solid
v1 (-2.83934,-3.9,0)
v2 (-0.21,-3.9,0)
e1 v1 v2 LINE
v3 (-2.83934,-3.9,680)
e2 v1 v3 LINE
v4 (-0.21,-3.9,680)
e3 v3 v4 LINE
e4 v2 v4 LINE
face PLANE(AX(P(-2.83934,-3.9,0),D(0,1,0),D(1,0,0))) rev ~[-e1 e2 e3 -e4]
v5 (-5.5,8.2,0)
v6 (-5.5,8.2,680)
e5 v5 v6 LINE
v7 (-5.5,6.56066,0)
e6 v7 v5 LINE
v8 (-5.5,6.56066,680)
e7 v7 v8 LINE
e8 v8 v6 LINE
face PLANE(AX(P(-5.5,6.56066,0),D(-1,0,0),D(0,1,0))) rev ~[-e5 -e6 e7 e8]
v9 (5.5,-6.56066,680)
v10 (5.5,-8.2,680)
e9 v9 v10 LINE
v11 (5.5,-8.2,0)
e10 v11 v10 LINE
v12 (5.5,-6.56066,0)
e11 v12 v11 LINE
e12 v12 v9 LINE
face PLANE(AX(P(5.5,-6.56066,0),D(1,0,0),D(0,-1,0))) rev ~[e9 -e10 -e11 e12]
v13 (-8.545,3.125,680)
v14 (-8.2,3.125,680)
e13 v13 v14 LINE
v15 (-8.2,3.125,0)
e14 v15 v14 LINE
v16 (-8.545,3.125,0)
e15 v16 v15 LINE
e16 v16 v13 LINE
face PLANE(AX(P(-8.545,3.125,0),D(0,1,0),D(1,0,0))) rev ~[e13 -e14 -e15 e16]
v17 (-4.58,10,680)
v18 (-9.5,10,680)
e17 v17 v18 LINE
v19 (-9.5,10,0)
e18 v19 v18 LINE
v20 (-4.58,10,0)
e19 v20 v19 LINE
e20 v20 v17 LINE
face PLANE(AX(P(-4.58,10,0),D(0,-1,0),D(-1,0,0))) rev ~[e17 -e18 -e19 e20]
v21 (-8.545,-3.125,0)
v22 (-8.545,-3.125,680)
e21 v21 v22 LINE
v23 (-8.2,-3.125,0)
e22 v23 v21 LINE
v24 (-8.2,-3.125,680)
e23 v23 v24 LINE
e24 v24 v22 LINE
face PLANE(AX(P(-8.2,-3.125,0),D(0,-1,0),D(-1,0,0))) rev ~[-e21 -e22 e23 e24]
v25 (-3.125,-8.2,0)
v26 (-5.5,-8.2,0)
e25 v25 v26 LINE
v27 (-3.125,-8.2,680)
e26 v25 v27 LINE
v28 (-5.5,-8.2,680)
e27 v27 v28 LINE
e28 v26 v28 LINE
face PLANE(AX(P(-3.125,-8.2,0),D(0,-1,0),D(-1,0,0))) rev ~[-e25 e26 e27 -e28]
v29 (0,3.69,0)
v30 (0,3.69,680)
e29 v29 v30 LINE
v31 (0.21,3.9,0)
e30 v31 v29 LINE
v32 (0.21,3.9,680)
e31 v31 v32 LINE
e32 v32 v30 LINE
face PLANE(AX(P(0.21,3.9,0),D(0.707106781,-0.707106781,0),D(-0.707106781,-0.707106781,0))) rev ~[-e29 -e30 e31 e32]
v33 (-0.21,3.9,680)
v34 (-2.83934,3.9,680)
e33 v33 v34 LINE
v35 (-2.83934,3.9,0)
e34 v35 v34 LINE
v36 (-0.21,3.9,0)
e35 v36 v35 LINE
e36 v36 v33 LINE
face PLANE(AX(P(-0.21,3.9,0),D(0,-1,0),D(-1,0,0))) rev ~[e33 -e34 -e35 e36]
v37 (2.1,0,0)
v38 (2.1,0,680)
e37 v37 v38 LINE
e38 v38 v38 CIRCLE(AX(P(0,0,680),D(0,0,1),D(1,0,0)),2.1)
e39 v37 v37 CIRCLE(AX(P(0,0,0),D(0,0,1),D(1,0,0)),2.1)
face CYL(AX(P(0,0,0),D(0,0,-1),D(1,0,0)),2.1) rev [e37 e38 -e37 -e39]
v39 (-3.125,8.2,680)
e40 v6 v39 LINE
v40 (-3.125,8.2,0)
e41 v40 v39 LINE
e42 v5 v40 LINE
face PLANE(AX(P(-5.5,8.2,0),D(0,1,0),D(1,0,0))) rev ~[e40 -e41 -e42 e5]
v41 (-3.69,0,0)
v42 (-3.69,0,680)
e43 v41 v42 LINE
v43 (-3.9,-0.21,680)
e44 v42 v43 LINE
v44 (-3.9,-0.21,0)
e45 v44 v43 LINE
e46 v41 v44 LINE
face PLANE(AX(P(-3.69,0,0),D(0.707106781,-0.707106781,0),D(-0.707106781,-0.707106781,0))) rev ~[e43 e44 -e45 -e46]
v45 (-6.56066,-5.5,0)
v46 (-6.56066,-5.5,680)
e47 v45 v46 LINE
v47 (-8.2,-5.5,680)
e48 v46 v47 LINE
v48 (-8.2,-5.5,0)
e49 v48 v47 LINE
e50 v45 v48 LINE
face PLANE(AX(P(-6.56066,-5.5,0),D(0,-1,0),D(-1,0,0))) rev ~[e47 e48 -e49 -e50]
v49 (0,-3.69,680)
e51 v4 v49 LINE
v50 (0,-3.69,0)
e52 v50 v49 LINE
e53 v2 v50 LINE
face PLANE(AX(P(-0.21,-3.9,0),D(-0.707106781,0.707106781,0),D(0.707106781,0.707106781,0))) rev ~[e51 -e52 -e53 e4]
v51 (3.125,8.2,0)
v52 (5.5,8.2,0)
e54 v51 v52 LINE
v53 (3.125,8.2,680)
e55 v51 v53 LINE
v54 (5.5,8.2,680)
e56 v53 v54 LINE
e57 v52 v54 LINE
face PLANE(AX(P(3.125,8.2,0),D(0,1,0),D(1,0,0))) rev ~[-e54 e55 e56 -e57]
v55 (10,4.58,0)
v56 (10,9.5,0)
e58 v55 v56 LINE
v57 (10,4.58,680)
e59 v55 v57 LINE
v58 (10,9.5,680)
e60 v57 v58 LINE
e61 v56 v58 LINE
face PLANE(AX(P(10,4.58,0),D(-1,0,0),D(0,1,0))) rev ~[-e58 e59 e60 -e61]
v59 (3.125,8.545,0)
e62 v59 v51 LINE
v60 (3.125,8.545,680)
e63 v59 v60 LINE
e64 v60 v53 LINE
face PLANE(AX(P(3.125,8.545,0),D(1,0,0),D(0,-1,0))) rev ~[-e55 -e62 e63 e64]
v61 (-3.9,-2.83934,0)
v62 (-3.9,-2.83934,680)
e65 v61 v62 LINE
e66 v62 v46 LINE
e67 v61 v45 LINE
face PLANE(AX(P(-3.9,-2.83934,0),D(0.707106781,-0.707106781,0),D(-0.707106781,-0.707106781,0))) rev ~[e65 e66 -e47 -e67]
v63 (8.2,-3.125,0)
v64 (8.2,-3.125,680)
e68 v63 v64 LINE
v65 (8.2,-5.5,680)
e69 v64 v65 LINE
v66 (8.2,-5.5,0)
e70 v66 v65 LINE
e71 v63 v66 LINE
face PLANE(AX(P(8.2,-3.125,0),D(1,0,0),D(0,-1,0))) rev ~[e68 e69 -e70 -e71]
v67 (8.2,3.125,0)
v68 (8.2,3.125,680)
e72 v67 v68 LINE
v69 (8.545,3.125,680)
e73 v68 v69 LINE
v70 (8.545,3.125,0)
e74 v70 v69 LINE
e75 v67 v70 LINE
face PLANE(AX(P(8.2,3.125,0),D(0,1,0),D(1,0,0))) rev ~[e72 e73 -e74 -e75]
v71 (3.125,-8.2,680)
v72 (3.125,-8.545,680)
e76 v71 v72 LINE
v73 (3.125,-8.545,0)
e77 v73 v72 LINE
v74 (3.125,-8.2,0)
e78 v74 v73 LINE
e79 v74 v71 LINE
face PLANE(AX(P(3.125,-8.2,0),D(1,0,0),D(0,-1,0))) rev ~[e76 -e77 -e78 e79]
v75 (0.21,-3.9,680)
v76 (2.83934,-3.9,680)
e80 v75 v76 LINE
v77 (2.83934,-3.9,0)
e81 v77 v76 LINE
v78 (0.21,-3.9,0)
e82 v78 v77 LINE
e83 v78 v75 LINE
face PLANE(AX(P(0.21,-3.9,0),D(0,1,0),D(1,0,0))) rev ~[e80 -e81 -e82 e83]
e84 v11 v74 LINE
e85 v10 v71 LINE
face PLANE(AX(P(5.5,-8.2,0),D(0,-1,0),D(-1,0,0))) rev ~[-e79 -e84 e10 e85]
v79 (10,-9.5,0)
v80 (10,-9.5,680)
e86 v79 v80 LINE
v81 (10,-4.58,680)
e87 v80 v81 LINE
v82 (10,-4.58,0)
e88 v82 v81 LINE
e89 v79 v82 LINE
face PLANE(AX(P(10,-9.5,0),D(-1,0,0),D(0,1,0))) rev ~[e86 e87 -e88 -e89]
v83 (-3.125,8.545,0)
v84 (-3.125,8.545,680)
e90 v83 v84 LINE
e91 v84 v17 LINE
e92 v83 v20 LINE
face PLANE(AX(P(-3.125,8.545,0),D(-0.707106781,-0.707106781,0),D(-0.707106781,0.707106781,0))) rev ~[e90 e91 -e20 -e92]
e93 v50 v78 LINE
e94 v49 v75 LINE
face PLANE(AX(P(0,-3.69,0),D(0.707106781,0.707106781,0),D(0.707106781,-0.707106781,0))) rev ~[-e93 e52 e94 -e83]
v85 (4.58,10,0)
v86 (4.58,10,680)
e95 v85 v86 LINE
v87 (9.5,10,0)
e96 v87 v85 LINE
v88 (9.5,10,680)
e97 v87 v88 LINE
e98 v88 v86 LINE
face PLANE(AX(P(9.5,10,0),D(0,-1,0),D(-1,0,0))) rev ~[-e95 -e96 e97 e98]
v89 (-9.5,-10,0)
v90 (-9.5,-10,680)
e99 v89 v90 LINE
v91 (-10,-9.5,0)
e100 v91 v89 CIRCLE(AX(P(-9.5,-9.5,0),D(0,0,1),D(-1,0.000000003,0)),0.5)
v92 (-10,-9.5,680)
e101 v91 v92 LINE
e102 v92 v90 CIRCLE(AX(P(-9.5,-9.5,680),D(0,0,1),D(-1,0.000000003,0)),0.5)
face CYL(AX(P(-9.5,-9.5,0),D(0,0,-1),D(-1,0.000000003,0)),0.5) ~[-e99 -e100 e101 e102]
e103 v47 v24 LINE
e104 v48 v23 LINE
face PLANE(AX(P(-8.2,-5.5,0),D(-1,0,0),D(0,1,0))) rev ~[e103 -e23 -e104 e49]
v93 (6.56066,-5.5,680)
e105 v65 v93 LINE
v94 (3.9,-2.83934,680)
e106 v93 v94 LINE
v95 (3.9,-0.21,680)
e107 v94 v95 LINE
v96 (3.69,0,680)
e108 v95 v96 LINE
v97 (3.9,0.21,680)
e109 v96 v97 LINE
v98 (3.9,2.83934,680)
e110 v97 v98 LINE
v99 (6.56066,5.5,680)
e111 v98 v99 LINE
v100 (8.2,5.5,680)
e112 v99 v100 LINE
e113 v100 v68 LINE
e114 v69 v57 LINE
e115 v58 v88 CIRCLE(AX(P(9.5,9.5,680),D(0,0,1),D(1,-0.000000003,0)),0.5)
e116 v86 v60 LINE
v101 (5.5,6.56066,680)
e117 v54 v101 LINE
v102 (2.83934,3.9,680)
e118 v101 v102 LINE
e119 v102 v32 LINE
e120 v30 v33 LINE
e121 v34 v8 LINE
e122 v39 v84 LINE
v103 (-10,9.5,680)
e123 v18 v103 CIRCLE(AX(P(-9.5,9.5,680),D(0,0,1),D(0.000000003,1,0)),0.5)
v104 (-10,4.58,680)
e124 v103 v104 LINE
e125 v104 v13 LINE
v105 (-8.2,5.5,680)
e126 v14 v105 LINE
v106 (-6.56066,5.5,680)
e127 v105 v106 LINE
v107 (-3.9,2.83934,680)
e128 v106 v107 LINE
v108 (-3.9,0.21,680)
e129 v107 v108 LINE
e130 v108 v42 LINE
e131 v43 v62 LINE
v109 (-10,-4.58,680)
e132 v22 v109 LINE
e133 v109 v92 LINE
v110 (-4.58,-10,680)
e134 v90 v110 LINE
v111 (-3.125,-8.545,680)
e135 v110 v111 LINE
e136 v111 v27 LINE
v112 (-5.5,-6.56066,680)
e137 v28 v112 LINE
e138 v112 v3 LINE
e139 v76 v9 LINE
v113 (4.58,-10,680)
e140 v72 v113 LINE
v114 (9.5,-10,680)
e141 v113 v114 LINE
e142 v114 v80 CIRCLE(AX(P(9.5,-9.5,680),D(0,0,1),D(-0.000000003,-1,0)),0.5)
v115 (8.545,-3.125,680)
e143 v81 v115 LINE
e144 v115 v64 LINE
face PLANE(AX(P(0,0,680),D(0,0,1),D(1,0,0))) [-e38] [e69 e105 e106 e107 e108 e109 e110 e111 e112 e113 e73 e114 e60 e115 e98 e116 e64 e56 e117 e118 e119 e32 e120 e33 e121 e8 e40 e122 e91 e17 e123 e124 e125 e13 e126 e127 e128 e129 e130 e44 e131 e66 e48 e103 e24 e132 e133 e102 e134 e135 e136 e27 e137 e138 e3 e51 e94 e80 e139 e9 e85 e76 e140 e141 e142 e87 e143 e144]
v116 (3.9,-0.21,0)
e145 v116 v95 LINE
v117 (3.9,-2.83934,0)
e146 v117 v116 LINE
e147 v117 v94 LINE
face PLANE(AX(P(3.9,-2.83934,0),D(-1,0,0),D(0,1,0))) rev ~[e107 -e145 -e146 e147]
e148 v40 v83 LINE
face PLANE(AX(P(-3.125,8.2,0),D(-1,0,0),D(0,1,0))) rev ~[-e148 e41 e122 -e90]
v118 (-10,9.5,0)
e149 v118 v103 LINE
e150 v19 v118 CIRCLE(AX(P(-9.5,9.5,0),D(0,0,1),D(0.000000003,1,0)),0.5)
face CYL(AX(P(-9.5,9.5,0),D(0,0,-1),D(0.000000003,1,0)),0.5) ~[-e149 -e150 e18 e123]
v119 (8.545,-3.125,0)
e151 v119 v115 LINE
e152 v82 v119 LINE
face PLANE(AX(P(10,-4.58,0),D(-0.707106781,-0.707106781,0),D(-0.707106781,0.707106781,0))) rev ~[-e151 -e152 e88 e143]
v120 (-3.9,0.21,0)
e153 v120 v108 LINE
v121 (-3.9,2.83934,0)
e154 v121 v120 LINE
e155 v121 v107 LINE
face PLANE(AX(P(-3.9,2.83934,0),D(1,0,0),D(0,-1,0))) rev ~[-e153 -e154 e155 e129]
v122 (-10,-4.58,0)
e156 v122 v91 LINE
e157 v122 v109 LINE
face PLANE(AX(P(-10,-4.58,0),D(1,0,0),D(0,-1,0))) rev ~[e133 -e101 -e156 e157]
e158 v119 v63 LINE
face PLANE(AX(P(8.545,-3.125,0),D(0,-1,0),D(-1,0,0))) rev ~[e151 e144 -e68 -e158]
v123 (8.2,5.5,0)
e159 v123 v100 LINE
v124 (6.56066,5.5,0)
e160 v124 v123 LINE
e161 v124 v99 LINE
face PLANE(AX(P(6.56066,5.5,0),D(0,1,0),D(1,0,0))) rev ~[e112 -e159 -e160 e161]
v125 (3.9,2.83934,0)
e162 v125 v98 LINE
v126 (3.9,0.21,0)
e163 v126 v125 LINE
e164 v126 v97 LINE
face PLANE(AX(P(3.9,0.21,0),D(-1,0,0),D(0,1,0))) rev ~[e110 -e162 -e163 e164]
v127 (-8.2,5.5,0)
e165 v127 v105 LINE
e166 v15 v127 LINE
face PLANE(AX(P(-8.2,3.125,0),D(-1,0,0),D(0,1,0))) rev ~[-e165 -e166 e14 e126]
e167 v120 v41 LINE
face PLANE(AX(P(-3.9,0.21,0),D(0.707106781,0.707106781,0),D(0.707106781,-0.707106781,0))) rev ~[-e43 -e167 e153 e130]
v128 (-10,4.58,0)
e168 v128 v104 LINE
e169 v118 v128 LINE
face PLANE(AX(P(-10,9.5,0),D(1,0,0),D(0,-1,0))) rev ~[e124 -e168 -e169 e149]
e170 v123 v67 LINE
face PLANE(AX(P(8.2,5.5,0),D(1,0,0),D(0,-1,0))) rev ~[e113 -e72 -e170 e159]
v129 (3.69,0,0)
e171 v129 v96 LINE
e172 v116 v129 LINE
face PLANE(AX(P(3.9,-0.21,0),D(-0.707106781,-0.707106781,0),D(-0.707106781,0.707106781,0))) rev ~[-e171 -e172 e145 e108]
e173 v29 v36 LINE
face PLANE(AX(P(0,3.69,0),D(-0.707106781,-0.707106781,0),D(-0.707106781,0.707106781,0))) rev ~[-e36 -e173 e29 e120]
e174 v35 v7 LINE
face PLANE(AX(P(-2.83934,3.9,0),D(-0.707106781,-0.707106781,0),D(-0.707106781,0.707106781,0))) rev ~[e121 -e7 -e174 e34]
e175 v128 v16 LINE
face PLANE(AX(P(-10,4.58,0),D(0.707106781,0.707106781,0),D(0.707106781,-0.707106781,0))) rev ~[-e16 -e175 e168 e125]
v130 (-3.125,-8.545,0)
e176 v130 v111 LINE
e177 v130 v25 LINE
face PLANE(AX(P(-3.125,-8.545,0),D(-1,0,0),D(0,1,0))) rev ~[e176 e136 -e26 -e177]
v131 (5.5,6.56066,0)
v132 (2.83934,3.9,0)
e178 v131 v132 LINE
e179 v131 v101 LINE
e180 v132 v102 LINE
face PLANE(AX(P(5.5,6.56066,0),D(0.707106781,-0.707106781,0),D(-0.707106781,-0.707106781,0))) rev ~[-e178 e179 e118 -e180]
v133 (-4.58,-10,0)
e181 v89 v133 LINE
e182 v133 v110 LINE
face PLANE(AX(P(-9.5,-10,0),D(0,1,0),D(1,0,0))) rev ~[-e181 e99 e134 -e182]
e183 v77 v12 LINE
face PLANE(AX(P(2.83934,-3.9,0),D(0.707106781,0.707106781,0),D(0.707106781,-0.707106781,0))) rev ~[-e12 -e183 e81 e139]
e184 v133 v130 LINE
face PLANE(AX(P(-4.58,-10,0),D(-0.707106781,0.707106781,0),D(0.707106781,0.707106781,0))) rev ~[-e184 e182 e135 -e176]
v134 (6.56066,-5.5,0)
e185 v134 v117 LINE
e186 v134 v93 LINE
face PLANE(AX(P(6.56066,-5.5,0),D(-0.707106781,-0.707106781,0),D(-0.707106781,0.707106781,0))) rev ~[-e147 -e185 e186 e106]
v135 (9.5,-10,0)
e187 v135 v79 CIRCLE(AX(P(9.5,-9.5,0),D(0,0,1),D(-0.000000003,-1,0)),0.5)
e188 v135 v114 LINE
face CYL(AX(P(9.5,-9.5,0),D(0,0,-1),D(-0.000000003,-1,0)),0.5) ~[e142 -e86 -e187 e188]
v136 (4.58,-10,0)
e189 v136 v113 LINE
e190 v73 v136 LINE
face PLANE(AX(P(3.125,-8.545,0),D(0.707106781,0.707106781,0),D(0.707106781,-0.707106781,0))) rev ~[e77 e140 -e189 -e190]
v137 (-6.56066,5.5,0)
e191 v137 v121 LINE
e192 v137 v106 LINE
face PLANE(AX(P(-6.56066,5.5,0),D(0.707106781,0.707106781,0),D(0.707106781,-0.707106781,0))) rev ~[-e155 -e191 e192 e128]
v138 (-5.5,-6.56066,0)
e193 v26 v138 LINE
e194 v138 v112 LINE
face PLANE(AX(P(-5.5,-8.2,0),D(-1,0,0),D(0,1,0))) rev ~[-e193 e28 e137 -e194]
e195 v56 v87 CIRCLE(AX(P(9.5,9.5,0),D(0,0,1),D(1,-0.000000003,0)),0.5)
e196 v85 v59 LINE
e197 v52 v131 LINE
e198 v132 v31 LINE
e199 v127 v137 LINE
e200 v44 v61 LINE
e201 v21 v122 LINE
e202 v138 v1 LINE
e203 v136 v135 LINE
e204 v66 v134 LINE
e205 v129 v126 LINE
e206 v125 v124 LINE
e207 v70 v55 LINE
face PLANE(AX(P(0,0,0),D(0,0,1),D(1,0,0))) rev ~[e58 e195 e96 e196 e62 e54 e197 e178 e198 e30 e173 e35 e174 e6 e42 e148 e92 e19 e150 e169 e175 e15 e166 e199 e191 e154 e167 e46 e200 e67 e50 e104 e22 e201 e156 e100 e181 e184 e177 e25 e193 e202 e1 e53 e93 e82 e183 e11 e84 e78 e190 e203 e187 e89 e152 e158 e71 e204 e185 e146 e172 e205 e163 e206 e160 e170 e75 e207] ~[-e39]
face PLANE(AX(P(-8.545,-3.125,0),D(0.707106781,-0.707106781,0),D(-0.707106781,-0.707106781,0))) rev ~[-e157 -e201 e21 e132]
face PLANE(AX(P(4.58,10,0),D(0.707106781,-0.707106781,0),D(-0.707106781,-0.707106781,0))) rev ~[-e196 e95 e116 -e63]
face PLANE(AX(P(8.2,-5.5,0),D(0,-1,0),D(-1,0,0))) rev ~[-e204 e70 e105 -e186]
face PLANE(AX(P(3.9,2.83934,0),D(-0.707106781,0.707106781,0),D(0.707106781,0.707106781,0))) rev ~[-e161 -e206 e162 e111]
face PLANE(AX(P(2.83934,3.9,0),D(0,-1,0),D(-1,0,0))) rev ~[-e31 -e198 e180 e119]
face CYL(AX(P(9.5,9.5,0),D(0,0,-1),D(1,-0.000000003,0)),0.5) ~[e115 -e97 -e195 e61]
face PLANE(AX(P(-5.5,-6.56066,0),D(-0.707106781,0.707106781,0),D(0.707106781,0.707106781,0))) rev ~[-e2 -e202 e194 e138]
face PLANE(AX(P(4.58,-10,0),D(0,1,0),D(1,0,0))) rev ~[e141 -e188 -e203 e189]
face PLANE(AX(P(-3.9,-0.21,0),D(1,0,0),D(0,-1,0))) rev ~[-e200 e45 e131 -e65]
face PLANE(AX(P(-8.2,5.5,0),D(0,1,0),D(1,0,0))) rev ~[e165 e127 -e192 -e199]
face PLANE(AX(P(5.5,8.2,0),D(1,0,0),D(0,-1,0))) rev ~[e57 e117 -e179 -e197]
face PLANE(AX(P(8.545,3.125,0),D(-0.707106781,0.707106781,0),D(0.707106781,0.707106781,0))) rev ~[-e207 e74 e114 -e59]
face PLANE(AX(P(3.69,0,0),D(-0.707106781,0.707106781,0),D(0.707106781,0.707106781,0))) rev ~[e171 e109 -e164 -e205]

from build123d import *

# Parameters (mm, degrees)
SKETCH1_R           = 2.1
BOSS_EXTRUDE1_DEPTH = 680


with BuildPart() as part:
    # Sketch1 → Boss-Extrude1 (new body)
    with BuildSketch(Plane.XY):
        with BuildLine():
            Line((4.58, -10), (9.5, -10))
            ThreePointArc((9.5, -10), (9.853553391, -9.853553391), (10, -9.5))
            Line((10, -9.5), (10, -4.58))
            Line((10, -4.58), (8.545, -3.125))
            Line((8.545, -3.125), (8.2, -3.125))
            Line((8.2, -3.125), (8.2, -5.5))
            Line((8.2, -5.5), (6.560660172, -5.5))
            Line((6.560660172, -5.5), (3.9, -2.839339828))
            Line((3.9, -2.839339828), (3.9, -0.21))
            Line((3.9, -0.21), (3.69, 0))
            Line((3.69, 0), (3.9, 0.21))
            Line((3.9, 0.21), (3.9, 2.839339828))
            Line((3.9, 2.839339828), (6.560660172, 5.5))
            Line((6.560660172, 5.5), (8.2, 5.5))
            Line((8.2, 5.5), (8.2, 3.125))
            Line((8.2, 3.125), (8.545, 3.125))
            Line((8.545, 3.125), (10, 4.58))
            Line((10, 4.58), (10, 9.5))
            ThreePointArc((10, 9.5), (9.853553391, 9.853553391), (9.5, 10))
            Line((9.5, 10), (4.58, 10))
            Line((4.58, 10), (3.125, 8.545))
            Line((3.125, 8.545), (3.125, 8.2))
            Line((3.125, 8.2), (5.5, 8.2))
            Line((5.5, 8.2), (5.5, 6.560660172))
            Line((5.5, 6.560660172), (2.839339828, 3.9))
            Line((2.839339828, 3.9), (0.21, 3.9))
            Line((0.21, 3.9), (0, 3.69))
            Line((0, 3.69), (-0.21, 3.9))
            Line((-0.21, 3.9), (-2.839339828, 3.9))
            Line((-2.839339828, 3.9), (-5.5, 6.560660172))
            Line((-5.5, 6.560660172), (-5.5, 8.2))
            Line((-5.5, 8.2), (-3.125, 8.2))
            Line((-3.125, 8.2), (-3.125, 8.545))
            Line((-3.125, 8.545), (-4.58, 10))
            Line((-4.58, 10), (-9.5, 10))
            ThreePointArc((-9.5, 10), (-9.853553391, 9.853553391), (-10, 9.5))
            Line((-10, 9.5), (-10, 4.58))
            Line((-10, 4.58), (-8.545, 3.125))
            Line((-8.545, 3.125), (-8.2, 3.125))
            Line((-8.2, 3.125), (-8.2, 5.5))
            Line((-8.2, 5.5), (-6.560660172, 5.5))
            Line((-6.560660172, 5.5), (-3.9, 2.839339828))
            Line((-3.9, 2.839339828), (-3.9, 0.21))
            Line((-3.9, 0.21), (-3.69, 0))
            Line((-3.69, 0), (-3.9, -0.21))
            Line((-3.9, -0.21), (-3.9, -2.839339828))
            Line((-3.9, -2.839339828), (-6.560660172, -5.5))
            Line((-6.560660172, -5.5), (-8.2, -5.5))
            Line((-8.2, -5.5), (-8.2, -3.125))
            Line((-8.2, -3.125), (-8.545, -3.125))
            Line((-8.545, -3.125), (-10, -4.58))
            Line((-10, -4.58), (-10, -9.5))
            ThreePointArc((-10, -9.5), (-9.853553391, -9.853553391), (-9.5, -10))
            Line((-9.5, -10), (-4.58, -10))
            Line((-4.58, -10), (-3.125, -8.545))
            Line((-3.125, -8.545), (-3.125, -8.2))
            Line((-3.125, -8.2), (-5.5, -8.2))
            Line((-5.5, -8.2), (-5.5, -6.560660172))
            Line((-5.5, -6.560660172), (-2.839339828, -3.9))
            Line((-2.839339828, -3.9), (-0.21, -3.9))
            Line((-0.21, -3.9), (0, -3.69))
            Line((0, -3.69), (0.21, -3.9))
            Line((0.21, -3.9), (2.839339828, -3.9))
            Line((2.839339828, -3.9), (5.5, -6.560660172))
            Line((5.5, -6.560660172), (5.5, -8.2))
            Line((5.5, -8.2), (3.125, -8.2))
            Line((3.125, -8.2), (3.125, -8.545))
            Line((3.125, -8.545), (4.58, -10))
        make_face()
        Circle(SKETCH1_R, mode=Mode.SUBTRACT)
    extrude(amount=BOSS_EXTRUDE1_DEPTH)


solid = part.part
